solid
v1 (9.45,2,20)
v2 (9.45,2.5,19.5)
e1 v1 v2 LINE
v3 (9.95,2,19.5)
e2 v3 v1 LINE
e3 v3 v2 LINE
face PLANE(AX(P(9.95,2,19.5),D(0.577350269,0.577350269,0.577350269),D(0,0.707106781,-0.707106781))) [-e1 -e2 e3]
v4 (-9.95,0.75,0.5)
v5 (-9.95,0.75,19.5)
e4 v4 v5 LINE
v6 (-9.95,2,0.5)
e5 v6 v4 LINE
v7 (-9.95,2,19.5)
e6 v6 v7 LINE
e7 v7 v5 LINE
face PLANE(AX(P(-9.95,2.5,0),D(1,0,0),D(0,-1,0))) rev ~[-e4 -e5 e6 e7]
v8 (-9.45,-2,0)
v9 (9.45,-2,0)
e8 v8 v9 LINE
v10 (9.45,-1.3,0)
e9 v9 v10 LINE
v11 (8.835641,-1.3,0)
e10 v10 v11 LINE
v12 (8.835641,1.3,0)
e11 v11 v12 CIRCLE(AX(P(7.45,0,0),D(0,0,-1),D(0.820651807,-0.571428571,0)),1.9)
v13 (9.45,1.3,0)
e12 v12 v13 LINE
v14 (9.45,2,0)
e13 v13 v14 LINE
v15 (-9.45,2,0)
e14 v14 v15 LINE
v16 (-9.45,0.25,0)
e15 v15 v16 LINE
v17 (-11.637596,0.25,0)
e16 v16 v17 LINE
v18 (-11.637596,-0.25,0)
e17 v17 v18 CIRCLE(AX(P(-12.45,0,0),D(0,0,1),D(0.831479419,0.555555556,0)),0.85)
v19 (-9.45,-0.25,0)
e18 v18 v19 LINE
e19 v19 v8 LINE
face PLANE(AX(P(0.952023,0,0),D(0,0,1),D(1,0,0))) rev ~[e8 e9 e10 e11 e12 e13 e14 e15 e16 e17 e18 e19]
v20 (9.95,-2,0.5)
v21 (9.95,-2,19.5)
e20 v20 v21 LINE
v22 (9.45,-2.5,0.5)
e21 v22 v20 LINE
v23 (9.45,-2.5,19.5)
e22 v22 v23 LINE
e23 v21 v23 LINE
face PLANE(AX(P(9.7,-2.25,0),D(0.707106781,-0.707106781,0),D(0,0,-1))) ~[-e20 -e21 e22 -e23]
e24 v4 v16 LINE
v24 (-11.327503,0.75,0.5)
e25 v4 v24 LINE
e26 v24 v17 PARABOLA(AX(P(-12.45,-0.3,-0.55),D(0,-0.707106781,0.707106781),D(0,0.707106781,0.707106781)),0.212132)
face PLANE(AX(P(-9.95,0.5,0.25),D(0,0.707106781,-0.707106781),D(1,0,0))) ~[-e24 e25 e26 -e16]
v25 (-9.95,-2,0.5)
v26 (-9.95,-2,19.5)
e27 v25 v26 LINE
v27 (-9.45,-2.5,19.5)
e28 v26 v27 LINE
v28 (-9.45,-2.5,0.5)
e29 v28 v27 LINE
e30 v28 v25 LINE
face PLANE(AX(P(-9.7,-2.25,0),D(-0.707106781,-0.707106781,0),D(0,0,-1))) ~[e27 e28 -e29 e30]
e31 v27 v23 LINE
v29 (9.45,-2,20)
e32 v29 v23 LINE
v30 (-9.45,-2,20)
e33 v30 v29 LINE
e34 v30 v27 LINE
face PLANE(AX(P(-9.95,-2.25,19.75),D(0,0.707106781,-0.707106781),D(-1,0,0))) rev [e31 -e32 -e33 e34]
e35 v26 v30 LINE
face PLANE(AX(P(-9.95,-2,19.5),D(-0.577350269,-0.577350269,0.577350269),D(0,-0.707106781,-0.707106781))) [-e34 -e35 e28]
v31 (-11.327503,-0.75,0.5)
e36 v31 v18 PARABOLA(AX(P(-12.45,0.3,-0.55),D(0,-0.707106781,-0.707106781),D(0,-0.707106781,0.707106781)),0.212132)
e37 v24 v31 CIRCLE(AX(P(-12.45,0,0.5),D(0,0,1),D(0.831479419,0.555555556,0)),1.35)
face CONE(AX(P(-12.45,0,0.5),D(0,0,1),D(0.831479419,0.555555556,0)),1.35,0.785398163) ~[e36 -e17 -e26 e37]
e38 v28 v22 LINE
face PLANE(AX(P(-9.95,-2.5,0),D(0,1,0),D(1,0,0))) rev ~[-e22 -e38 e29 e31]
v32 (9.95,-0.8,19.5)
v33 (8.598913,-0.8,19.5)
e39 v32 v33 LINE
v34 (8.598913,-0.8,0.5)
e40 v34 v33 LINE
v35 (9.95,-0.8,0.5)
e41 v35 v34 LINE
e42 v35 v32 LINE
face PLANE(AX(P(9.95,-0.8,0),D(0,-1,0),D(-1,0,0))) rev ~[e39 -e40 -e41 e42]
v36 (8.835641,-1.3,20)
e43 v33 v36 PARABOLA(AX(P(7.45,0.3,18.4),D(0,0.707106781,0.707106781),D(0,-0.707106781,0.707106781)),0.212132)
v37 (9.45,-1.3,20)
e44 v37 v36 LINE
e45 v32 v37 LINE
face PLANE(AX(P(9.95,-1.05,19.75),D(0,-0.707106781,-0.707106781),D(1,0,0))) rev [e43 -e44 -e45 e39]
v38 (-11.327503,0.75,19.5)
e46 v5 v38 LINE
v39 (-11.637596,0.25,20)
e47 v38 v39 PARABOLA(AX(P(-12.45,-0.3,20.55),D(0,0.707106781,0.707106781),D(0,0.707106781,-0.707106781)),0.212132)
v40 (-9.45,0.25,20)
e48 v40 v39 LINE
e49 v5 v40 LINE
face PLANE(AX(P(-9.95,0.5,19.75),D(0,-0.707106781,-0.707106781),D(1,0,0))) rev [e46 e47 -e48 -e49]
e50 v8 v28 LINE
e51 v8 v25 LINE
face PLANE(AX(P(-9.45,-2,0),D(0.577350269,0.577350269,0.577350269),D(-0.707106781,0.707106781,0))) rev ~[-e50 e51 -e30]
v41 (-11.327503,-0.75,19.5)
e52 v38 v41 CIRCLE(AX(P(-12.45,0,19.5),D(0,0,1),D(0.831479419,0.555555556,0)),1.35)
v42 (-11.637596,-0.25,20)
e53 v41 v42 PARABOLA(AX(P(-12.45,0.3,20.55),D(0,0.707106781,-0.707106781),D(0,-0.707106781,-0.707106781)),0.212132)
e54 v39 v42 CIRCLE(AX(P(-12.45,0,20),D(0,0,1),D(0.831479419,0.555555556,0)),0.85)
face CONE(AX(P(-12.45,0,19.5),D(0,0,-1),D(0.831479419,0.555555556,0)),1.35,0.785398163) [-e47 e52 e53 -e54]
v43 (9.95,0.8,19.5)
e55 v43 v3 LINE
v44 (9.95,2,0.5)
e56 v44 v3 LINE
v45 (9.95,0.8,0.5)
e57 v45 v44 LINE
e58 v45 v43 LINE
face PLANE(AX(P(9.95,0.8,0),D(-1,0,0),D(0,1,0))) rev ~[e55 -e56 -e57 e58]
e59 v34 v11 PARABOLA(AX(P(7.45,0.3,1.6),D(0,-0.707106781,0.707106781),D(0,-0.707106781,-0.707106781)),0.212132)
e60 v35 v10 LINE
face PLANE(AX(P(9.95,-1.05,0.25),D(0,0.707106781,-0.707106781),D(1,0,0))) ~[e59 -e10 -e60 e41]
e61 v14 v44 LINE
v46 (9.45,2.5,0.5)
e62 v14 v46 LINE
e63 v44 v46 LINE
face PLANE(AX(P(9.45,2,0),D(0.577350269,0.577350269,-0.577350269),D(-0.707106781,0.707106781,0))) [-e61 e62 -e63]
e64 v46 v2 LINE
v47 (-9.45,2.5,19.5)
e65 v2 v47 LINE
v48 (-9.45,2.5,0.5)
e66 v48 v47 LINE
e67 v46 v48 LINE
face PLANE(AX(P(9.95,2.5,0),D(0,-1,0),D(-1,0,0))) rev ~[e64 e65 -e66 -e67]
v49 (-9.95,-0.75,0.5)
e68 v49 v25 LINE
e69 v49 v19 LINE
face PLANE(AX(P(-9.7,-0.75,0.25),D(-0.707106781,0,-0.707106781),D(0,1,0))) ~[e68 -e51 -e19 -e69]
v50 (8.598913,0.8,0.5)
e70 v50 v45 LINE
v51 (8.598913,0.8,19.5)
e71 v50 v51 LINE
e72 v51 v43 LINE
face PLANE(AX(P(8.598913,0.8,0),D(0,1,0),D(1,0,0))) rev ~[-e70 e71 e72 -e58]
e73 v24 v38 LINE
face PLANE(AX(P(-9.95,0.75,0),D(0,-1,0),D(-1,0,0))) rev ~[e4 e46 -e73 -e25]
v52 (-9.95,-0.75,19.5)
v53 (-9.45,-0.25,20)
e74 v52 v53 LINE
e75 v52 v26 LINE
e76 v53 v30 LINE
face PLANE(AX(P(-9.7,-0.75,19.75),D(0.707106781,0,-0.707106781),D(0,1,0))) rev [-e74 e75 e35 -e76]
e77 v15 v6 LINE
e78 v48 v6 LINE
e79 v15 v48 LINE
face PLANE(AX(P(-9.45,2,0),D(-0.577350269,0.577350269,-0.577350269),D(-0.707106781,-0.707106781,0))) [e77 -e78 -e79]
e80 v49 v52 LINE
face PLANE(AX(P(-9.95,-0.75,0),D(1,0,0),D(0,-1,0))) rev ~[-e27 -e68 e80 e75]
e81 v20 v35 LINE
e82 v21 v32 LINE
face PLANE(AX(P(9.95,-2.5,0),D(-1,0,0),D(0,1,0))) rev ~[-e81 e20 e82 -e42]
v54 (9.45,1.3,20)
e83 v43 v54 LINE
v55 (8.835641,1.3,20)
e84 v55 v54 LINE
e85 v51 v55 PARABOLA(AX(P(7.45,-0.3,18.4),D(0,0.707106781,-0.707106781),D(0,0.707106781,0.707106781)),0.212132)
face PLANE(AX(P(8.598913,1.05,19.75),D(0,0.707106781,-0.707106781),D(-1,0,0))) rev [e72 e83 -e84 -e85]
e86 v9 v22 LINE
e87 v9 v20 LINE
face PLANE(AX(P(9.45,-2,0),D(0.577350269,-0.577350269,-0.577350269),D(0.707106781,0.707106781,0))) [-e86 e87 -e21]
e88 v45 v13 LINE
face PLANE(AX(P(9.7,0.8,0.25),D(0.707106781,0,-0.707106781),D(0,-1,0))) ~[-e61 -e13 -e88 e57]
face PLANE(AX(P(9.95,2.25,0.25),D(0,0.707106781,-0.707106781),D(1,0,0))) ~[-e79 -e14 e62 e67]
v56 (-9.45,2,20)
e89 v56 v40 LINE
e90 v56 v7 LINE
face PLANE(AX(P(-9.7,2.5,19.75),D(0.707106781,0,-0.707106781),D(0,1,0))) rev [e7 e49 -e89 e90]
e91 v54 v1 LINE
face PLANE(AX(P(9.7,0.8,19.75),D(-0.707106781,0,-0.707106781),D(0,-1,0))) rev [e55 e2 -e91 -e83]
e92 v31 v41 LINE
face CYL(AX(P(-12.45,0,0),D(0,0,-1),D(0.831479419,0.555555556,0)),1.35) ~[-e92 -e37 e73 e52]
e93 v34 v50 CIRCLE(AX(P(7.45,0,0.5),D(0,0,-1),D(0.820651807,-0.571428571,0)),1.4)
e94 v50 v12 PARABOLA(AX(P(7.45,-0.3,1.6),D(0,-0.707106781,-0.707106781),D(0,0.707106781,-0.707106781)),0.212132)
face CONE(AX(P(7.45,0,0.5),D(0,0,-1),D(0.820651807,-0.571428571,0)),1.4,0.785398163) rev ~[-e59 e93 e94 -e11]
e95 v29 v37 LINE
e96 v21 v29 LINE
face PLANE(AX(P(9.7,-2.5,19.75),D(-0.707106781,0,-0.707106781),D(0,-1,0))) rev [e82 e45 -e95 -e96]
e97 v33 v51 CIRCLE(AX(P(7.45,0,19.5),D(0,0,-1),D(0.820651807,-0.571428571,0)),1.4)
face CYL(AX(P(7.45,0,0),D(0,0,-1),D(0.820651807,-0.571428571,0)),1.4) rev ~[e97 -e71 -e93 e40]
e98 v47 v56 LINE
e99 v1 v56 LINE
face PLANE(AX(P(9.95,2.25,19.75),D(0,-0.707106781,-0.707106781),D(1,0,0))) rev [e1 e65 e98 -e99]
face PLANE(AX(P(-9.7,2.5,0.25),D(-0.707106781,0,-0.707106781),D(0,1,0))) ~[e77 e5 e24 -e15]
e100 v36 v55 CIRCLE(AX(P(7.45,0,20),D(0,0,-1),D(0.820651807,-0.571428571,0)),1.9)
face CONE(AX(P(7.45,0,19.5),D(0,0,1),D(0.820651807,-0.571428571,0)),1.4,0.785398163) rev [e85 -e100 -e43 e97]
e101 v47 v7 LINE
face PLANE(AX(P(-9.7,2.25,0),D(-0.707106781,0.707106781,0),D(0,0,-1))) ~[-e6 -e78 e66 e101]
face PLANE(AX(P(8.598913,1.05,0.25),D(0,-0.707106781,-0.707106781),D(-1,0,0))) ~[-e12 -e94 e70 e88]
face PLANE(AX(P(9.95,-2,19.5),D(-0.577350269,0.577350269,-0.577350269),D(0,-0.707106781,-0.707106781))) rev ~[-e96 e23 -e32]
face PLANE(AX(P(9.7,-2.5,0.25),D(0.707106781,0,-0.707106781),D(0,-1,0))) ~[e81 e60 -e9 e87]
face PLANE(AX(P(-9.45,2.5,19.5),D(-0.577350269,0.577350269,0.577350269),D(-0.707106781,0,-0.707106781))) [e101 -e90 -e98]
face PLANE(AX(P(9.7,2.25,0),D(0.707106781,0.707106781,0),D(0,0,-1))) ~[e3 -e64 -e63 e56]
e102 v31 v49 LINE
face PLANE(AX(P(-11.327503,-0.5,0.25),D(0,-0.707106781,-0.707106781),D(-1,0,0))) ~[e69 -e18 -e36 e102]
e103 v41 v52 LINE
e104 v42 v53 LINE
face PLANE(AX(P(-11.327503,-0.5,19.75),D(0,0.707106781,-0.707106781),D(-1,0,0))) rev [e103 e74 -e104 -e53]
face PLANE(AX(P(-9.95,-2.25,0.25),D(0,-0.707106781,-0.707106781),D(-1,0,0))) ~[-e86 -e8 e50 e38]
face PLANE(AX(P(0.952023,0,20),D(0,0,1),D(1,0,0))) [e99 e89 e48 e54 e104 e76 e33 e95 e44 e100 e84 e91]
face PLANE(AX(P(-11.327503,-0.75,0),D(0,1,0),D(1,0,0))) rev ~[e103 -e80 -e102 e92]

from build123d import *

# Parameters (mm, degrees)
F1_DEPTH = 20
F2_SIZE  = 0.5


with BuildPart() as f1:
    # F0 (on Top) → F1 (new body)
    with BuildSketch(Plane.XY):
        with BuildLine():
            Line((9.95, 2.5), (-9.95, 2.5))
            Line((-9.95, 2.5), (-9.95, 0.75))
            Line((-9.95, 0.75), (-9.95, 0))
            Line((-9.95, 0), (-9.95, -0.75))
            Line((-9.95, -0.75), (-9.95, -2.5))
            Line((-9.95, -2.5), (9.95, -2.5))
            Line((9.95, -2.5), (9.95, -0.8))
            Line((9.95, -0.8), (8.5989125293, -0.8))
            ThreePointArc((8.5989125293, -0.8), (6.05, 0), (8.5989125293, 0.8))
            Line((8.5989125293, 0.8), (9.95, 0.8))
            Line((9.95, 0.8), (9.95, 2.5))
        make_face()
        with BuildLine():
            Line((-9.95, 0), (-9.95, 0.75))
            Line((-9.95, 0.75), (-11.327502784, 0.75))
            ThreePointArc((-11.327502784, 0.75), (-11.158127088, 0.391872912), (-11.1, 0))
            Line((-11.1, 0), (-9.95, 0))
        make_face()
        with BuildLine():
            ThreePointArc((-11.327502784, -0.75), (-11.158127088, -0.391872912), (-11.1, 0))
            Line((-11.1, 0), (-12.45, 0))
            Line((-12.45, 0), (-12.45, -0.75))
            Line((-12.45, -0.75), (-11.327502784, -0.75))
        make_face()
        with BuildLine():
            Line((-9.95, -0.75), (-9.95, 0))
            Line((-9.95, 0), (-11.1, 0))
            ThreePointArc((-11.1, 0), (-11.158127088, -0.391872912), (-11.327502784, -0.75))
            Line((-11.327502784, -0.75), (-9.95, -0.75))
        make_face()
        with BuildLine():
            Line((-12.45, 0.75), (-11.327502784, 0.75))
            ThreePointArc((-11.327502784, 0.75), (-13.8, 0), (-11.327502784, -0.75))
            Line((-11.327502784, -0.75), (-12.45, -0.75))
            Line((-12.45, -0.75), (-12.45, 0))
            Line((-12.45, 0), (-12.45, 0.75))
        make_face()
        with BuildLine():
            ThreePointArc((-11.1, 0), (-11.158127088, 0.391872912), (-11.327502784, 0.75))
            Line((-11.327502784, 0.75), (-12.45, 0.75))
            Line((-12.45, 0.75), (-12.45, 0))
            Line((-12.45, 0), (-11.1, 0))
        make_face()
    extrude(amount=F1_DEPTH)

    # F2
    f2_edges = [f1.edges().sort_by_distance(p)[0] for p in [
        (0, -2.5, 20),
        (-9.95, -1.625, 20),
        (-10.638751, -0.75, 20),
        (-13.8, 0, 20),
        (-10.638751, 0.75, 20),
        (-9.95, 1.625, 20),
        (0, 2.5, 20),
        (9.95, 1.65, 20),
        (9.274456, 0.8, 20),
        (6.05, 0, 20),
        (9.274456, -0.8, 20),
        (9.95, -1.65, 20),
        (9.95, -2.5, 10),
        (9.95, 2.5, 10),
        (-9.95, -2.5, 10),
        (-9.95, 2.5, 10),
        (0, -2.5, 0),
        (9.95, -1.65, 0),
        (9.274456, -0.8, 0),
        (6.05, 0, 0),
        (9.274456, 0.8, 0),
        (9.95, 1.65, 0),
        (0, 2.5, 0),
        (-9.95, 1.625, 0),
        (-10.638751, 0.75, 0),
        (-10.638751, -0.75, 0),
        (-9.95, -1.625, 0),
        (-13.8, 0, 0),
    ]]
    chamfer(f2_edges, length=F2_SIZE)


solid = f1.part
